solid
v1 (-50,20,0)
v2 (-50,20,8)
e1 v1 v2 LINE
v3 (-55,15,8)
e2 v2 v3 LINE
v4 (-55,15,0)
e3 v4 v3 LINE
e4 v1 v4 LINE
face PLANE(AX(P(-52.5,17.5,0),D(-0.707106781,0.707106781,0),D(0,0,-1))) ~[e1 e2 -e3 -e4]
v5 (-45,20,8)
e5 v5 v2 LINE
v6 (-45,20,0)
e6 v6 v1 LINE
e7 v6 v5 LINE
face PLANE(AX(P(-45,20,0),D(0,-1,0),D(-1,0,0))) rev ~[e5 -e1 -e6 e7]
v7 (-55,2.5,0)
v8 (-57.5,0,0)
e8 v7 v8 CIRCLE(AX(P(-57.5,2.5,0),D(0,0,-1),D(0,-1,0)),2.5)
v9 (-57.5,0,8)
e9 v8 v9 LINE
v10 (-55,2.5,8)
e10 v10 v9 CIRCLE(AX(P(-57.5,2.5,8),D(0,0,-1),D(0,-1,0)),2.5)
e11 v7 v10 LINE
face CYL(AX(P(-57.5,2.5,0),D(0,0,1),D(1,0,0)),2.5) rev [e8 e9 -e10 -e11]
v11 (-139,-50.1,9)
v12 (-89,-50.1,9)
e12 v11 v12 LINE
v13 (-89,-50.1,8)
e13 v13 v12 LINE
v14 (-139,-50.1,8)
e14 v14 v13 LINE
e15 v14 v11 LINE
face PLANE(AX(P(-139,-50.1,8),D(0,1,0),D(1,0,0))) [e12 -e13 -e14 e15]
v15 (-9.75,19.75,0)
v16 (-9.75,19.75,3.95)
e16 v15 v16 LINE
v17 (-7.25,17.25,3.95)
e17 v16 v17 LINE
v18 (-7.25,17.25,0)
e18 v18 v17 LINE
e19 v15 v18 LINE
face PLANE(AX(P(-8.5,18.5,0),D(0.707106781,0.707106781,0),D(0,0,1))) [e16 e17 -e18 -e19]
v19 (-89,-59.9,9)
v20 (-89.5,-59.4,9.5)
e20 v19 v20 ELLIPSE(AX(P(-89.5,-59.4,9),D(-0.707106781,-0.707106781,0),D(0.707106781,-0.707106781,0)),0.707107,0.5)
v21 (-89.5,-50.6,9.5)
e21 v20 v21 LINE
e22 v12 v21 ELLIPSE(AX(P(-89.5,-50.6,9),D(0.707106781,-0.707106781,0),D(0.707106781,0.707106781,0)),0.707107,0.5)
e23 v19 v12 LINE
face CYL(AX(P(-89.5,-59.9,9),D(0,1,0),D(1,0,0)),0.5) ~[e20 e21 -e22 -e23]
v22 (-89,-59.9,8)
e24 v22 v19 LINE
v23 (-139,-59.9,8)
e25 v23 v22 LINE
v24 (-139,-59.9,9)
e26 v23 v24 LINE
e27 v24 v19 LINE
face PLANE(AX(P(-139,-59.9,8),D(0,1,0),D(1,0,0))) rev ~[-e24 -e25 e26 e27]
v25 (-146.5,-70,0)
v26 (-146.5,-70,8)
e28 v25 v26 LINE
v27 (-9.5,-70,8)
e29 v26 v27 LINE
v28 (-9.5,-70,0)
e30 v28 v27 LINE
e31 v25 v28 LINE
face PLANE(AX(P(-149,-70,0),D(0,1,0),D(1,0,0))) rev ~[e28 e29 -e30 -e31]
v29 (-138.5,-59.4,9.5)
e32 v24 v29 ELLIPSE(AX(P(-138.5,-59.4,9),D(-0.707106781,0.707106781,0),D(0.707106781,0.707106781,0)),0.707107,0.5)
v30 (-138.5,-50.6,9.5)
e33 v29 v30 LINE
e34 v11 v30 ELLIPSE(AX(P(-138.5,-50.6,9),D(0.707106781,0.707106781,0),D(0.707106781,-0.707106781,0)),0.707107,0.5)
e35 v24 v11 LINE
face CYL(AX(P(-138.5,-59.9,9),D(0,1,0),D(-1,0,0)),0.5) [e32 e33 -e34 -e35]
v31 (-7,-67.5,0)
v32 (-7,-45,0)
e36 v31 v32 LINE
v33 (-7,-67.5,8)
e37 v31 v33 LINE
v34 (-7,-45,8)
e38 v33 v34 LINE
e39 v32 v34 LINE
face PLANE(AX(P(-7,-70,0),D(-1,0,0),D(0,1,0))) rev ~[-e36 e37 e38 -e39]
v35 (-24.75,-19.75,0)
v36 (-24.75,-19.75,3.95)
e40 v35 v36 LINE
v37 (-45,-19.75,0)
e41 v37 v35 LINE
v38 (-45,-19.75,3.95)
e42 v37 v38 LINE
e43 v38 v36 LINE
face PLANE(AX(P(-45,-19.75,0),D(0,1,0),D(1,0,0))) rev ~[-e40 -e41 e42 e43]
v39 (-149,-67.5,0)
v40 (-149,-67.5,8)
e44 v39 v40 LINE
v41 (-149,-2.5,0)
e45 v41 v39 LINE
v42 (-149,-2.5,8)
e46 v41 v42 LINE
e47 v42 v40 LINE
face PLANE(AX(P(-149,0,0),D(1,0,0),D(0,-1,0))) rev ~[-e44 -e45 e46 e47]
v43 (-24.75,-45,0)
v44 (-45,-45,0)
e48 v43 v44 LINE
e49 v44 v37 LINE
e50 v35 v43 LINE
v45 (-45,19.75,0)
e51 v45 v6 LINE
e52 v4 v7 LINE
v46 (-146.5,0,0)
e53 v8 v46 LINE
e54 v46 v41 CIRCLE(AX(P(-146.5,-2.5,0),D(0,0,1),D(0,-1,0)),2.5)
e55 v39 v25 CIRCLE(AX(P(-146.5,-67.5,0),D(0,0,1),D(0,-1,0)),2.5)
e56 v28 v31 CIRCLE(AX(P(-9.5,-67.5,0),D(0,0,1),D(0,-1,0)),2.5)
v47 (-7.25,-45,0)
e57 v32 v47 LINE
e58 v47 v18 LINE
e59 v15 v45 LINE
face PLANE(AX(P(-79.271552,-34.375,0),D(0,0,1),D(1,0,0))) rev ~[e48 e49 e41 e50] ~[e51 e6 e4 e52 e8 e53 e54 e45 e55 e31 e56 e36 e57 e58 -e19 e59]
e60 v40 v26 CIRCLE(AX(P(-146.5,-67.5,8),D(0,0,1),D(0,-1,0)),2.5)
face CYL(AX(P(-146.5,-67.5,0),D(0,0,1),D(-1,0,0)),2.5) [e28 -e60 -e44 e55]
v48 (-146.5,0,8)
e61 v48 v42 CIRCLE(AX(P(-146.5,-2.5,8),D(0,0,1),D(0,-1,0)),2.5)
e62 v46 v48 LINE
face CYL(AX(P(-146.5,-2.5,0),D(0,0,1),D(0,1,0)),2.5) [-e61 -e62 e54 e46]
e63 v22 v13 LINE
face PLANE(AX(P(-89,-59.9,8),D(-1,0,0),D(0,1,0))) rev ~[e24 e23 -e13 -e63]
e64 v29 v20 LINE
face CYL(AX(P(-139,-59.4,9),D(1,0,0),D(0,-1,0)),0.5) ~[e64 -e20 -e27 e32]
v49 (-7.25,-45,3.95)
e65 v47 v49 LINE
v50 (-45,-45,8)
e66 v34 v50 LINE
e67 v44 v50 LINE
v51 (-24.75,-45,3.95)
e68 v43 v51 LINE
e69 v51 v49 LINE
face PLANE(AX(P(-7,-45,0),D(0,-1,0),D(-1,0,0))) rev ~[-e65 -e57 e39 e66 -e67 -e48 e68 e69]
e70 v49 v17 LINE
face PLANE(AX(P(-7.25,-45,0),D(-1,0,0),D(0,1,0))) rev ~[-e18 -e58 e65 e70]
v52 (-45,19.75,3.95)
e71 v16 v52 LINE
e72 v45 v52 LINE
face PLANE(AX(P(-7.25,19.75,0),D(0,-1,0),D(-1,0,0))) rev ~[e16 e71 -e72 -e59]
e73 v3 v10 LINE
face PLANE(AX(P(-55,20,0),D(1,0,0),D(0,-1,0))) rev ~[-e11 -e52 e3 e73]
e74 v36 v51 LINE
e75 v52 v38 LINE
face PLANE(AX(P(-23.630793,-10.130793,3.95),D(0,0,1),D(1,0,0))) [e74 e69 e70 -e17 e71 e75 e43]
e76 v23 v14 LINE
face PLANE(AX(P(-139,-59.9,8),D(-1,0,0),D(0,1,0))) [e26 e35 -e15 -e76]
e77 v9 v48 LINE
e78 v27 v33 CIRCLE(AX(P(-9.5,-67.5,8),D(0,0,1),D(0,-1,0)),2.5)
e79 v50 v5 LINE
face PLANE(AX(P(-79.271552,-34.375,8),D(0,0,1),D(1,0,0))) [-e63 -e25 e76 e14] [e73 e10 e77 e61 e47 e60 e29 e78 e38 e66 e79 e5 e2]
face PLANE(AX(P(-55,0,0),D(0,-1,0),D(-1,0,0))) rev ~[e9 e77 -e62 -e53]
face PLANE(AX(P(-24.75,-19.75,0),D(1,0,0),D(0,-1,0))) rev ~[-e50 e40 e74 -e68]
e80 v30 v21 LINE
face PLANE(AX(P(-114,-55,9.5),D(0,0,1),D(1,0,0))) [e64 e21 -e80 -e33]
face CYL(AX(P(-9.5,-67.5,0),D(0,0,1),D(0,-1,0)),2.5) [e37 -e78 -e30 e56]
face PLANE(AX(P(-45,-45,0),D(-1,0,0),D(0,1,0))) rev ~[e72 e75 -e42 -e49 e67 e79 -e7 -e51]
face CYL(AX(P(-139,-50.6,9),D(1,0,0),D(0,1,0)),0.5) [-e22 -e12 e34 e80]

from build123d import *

# Parameters (mm, degrees)
PAD_DEPTH       = 3.95
PAD001_DEPTH    = 8
SKETCH003_W     = 50
SKETCH003_H     = 9.8
PAD002_DEPTH    = 1.5
CHAMFER_SIZE    = 2.5
CHAMFER001_SIZE = 5
FILLET_R        = 2.5
FILLET001_R     = 0.5


with BuildPart() as part:
    # Sketch → Pad (new body)
    with BuildSketch(Plane.XY):
        Polygon((-45, 19.75), (-45, -19.75), (-24.75, -19.75), (-24.75, -45), (-7.25, -45), (-7.25, 19.75), align=None)
    extrude(amount=PAD_DEPTH)

    # Sketch002 → Pad001 (join)
    with BuildSketch(Plane.XY):
        Polygon((-45, 20), (-55, 20), (-55, 0), (-149, 0), (-149, -70), (-7, -70), (-7, -45), (-45, -45), align=None)
    extrude(amount=PAD001_DEPTH)

    # Sketch003 (on Face7 of Pad001) → Pad002 (join)
    with BuildSketch(Plane.XY.offset(8)):
        with Locations((-114, -55)):
            Rectangle(SKETCH003_W, SKETCH003_H)
    extrude(amount=PAD002_DEPTH)

    # Chamfer
    chamfer_edges = [part.edges().sort_by_distance(p)[0] for p in [
        (-7.25, 19.75, 1.975),
    ]]
    chamfer(chamfer_edges, length=CHAMFER_SIZE)

    # Chamfer001
    chamfer001_edges = [part.edges().sort_by_distance(p)[0] for p in [
        (-55, 20, 4),
    ]]
    chamfer(chamfer001_edges, length=CHAMFER001_SIZE)

    # Fillet
    fillet_edges = [part.edges().sort_by_distance(p)[0] for p in [
        (-55, 0, 4),
        (-149, 0, 4),
        (-149, -70, 4),
        (-7, -70, 4),
    ]]
    fillet(fillet_edges, radius=FILLET_R)

    # Fillet001
    fillet001_edges = [part.edges().sort_by_distance(p)[0] for p in [
        (-114, -59.9, 9.5),
        (-89, -55, 9.5),
        (-114, -50.1, 9.5),
        (-139, -55, 9.5),
    ]]
    fillet(fillet001_edges, radius=FILLET001_R)


solid = part.part
